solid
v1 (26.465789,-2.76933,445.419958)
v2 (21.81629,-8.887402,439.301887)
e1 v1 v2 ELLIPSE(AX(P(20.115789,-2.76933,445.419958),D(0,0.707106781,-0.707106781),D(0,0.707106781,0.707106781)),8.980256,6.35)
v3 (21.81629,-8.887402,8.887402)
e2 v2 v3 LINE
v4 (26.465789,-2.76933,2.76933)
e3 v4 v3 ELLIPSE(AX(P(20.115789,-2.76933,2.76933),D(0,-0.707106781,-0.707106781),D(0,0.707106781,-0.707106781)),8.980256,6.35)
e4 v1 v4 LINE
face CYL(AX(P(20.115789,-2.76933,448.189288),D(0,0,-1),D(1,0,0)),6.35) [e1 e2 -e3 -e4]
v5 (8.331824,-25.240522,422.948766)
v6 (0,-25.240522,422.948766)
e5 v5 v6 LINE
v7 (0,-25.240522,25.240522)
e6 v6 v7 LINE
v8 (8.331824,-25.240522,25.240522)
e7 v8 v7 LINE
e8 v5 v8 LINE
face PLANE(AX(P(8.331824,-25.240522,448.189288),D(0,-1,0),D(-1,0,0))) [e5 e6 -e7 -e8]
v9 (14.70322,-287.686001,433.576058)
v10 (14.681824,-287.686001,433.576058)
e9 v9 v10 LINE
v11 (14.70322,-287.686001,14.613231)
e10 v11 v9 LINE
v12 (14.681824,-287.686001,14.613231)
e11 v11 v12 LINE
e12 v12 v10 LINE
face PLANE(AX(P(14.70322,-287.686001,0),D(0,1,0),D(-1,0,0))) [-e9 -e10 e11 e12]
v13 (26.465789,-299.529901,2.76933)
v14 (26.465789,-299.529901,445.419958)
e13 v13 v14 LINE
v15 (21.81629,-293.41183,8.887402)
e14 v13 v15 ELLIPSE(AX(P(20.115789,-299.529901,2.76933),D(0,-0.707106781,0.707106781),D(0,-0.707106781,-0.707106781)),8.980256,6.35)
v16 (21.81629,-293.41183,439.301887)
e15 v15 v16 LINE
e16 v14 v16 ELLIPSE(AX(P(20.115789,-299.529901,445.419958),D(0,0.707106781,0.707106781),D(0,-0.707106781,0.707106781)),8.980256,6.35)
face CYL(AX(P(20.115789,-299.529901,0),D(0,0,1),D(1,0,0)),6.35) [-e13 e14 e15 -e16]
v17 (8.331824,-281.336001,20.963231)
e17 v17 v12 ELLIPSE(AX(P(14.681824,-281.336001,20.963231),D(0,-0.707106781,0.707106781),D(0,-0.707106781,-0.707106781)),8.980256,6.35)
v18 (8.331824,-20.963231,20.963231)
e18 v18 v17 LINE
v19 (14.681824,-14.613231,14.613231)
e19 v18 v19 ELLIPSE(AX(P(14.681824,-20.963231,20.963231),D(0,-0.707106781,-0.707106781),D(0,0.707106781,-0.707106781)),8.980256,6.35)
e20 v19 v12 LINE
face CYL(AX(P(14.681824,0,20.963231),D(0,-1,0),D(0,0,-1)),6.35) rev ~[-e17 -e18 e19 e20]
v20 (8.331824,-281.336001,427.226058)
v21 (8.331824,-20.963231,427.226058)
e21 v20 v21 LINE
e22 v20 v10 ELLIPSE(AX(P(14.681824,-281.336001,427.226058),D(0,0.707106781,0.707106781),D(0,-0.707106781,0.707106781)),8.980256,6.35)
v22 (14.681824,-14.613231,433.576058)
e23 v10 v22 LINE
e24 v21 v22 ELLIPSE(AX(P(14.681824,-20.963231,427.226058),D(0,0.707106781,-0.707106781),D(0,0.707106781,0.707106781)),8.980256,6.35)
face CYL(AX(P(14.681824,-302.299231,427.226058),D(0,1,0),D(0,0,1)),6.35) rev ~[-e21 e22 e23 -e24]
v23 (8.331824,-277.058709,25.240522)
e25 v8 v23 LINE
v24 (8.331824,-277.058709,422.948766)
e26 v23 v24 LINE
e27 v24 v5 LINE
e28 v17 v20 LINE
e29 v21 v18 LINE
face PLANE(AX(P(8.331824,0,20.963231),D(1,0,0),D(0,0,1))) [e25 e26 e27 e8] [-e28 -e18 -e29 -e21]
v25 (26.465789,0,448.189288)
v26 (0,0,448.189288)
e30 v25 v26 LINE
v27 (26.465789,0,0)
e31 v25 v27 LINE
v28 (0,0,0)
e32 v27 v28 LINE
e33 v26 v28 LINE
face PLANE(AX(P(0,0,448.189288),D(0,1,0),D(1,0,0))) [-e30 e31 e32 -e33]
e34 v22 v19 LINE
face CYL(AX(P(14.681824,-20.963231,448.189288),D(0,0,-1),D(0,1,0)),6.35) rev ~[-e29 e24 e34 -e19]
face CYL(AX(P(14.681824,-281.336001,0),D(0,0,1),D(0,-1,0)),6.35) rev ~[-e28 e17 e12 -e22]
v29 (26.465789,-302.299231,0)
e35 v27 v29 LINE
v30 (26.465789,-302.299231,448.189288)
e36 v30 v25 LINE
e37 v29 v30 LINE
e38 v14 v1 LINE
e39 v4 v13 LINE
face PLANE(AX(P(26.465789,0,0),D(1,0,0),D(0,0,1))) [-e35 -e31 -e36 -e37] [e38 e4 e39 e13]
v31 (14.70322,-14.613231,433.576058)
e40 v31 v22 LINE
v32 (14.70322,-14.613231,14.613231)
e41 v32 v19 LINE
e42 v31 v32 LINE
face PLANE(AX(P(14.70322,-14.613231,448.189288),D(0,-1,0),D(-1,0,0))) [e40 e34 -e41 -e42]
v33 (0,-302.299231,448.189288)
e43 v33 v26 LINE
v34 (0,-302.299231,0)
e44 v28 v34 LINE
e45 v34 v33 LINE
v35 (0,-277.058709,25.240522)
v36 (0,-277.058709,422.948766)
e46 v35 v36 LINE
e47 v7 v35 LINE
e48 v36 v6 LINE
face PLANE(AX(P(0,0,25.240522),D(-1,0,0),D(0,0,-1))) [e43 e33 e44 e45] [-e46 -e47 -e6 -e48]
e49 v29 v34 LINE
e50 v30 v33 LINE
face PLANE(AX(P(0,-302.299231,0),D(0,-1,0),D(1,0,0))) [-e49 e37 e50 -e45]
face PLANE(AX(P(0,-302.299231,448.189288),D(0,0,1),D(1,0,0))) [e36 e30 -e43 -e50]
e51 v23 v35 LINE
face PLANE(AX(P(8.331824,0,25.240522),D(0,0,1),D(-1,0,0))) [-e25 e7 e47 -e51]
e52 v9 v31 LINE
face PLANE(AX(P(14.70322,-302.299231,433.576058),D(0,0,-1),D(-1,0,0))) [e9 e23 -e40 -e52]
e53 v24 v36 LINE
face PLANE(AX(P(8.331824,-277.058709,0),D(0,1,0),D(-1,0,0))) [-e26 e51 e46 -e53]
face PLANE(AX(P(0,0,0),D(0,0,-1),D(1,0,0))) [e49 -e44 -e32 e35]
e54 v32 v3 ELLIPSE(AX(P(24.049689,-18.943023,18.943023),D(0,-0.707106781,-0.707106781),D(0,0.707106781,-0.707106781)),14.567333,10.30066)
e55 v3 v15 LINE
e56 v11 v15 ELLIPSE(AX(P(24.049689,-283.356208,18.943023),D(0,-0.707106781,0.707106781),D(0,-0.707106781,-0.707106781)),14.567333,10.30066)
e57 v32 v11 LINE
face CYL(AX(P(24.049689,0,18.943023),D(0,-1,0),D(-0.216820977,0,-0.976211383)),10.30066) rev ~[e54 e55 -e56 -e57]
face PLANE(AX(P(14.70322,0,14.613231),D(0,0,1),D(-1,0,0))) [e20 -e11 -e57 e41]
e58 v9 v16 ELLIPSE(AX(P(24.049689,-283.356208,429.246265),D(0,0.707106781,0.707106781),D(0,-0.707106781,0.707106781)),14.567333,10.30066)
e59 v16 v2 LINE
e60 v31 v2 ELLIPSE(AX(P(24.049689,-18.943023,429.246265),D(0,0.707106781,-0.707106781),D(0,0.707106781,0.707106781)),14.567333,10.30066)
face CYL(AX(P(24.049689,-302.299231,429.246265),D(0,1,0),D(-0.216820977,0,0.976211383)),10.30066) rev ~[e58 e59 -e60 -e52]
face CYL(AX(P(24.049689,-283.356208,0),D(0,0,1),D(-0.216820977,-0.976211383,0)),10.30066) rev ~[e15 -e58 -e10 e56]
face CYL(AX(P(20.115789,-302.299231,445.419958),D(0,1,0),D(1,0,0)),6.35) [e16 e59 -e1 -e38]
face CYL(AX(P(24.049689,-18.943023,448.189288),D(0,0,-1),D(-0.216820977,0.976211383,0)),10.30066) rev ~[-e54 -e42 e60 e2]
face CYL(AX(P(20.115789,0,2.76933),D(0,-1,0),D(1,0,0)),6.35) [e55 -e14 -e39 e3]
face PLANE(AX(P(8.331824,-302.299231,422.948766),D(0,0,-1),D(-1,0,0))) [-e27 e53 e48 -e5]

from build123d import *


with BuildPart() as f2:
    # F2: sweep along a path in F1
    with BuildLine(Plane.YZ) as f2_path:
        Line((0, 0), (-302.2992312908, 0))
        Line((-302.2992312908, 0), (-302.2992312908, 448.1892883778))
        Line((-302.2992312908, 448.1892883778), (0, 448.1892883778))
        Line((0, 448.1892883778), (0, 0))
    # F0 (on Front) → F2 (sweep)
    with BuildSketch(Plane.XZ):
        with BuildLine():
            Line((0, 0), (26.4657894149, 0))
            Line((26.4657894149, 0), (26.4657894149, 2.7693303689))
            ThreePointArc((26.4657894149, 2.7693303689), (25.1715128356, 6.6114861042), (21.8162899837, 8.887401782))
            ThreePointArc((21.8162899837, 8.887401782), (17.5906165933, 10.919060614), (14.7032197565, 14.6132307127))
            Line((14.7032197565, 14.6132307127), (14.6818240941, 14.6132307127))
            ThreePointArc((14.6818240941, 14.6132307127), (10.1916960335, 16.4731026522), (8.3318240941, 20.9632307127))
            Line((8.3318240941, 20.9632307127), (8.3318240941, 25.240521878))
            Line((8.3318240941, 25.240521878), (0, 25.240521878))
            Line((0, 25.240521878), (0, 0))
        make_face()
    sweep(path=f2_path.line, transition=Transition.RIGHT)


solid = f2.part
